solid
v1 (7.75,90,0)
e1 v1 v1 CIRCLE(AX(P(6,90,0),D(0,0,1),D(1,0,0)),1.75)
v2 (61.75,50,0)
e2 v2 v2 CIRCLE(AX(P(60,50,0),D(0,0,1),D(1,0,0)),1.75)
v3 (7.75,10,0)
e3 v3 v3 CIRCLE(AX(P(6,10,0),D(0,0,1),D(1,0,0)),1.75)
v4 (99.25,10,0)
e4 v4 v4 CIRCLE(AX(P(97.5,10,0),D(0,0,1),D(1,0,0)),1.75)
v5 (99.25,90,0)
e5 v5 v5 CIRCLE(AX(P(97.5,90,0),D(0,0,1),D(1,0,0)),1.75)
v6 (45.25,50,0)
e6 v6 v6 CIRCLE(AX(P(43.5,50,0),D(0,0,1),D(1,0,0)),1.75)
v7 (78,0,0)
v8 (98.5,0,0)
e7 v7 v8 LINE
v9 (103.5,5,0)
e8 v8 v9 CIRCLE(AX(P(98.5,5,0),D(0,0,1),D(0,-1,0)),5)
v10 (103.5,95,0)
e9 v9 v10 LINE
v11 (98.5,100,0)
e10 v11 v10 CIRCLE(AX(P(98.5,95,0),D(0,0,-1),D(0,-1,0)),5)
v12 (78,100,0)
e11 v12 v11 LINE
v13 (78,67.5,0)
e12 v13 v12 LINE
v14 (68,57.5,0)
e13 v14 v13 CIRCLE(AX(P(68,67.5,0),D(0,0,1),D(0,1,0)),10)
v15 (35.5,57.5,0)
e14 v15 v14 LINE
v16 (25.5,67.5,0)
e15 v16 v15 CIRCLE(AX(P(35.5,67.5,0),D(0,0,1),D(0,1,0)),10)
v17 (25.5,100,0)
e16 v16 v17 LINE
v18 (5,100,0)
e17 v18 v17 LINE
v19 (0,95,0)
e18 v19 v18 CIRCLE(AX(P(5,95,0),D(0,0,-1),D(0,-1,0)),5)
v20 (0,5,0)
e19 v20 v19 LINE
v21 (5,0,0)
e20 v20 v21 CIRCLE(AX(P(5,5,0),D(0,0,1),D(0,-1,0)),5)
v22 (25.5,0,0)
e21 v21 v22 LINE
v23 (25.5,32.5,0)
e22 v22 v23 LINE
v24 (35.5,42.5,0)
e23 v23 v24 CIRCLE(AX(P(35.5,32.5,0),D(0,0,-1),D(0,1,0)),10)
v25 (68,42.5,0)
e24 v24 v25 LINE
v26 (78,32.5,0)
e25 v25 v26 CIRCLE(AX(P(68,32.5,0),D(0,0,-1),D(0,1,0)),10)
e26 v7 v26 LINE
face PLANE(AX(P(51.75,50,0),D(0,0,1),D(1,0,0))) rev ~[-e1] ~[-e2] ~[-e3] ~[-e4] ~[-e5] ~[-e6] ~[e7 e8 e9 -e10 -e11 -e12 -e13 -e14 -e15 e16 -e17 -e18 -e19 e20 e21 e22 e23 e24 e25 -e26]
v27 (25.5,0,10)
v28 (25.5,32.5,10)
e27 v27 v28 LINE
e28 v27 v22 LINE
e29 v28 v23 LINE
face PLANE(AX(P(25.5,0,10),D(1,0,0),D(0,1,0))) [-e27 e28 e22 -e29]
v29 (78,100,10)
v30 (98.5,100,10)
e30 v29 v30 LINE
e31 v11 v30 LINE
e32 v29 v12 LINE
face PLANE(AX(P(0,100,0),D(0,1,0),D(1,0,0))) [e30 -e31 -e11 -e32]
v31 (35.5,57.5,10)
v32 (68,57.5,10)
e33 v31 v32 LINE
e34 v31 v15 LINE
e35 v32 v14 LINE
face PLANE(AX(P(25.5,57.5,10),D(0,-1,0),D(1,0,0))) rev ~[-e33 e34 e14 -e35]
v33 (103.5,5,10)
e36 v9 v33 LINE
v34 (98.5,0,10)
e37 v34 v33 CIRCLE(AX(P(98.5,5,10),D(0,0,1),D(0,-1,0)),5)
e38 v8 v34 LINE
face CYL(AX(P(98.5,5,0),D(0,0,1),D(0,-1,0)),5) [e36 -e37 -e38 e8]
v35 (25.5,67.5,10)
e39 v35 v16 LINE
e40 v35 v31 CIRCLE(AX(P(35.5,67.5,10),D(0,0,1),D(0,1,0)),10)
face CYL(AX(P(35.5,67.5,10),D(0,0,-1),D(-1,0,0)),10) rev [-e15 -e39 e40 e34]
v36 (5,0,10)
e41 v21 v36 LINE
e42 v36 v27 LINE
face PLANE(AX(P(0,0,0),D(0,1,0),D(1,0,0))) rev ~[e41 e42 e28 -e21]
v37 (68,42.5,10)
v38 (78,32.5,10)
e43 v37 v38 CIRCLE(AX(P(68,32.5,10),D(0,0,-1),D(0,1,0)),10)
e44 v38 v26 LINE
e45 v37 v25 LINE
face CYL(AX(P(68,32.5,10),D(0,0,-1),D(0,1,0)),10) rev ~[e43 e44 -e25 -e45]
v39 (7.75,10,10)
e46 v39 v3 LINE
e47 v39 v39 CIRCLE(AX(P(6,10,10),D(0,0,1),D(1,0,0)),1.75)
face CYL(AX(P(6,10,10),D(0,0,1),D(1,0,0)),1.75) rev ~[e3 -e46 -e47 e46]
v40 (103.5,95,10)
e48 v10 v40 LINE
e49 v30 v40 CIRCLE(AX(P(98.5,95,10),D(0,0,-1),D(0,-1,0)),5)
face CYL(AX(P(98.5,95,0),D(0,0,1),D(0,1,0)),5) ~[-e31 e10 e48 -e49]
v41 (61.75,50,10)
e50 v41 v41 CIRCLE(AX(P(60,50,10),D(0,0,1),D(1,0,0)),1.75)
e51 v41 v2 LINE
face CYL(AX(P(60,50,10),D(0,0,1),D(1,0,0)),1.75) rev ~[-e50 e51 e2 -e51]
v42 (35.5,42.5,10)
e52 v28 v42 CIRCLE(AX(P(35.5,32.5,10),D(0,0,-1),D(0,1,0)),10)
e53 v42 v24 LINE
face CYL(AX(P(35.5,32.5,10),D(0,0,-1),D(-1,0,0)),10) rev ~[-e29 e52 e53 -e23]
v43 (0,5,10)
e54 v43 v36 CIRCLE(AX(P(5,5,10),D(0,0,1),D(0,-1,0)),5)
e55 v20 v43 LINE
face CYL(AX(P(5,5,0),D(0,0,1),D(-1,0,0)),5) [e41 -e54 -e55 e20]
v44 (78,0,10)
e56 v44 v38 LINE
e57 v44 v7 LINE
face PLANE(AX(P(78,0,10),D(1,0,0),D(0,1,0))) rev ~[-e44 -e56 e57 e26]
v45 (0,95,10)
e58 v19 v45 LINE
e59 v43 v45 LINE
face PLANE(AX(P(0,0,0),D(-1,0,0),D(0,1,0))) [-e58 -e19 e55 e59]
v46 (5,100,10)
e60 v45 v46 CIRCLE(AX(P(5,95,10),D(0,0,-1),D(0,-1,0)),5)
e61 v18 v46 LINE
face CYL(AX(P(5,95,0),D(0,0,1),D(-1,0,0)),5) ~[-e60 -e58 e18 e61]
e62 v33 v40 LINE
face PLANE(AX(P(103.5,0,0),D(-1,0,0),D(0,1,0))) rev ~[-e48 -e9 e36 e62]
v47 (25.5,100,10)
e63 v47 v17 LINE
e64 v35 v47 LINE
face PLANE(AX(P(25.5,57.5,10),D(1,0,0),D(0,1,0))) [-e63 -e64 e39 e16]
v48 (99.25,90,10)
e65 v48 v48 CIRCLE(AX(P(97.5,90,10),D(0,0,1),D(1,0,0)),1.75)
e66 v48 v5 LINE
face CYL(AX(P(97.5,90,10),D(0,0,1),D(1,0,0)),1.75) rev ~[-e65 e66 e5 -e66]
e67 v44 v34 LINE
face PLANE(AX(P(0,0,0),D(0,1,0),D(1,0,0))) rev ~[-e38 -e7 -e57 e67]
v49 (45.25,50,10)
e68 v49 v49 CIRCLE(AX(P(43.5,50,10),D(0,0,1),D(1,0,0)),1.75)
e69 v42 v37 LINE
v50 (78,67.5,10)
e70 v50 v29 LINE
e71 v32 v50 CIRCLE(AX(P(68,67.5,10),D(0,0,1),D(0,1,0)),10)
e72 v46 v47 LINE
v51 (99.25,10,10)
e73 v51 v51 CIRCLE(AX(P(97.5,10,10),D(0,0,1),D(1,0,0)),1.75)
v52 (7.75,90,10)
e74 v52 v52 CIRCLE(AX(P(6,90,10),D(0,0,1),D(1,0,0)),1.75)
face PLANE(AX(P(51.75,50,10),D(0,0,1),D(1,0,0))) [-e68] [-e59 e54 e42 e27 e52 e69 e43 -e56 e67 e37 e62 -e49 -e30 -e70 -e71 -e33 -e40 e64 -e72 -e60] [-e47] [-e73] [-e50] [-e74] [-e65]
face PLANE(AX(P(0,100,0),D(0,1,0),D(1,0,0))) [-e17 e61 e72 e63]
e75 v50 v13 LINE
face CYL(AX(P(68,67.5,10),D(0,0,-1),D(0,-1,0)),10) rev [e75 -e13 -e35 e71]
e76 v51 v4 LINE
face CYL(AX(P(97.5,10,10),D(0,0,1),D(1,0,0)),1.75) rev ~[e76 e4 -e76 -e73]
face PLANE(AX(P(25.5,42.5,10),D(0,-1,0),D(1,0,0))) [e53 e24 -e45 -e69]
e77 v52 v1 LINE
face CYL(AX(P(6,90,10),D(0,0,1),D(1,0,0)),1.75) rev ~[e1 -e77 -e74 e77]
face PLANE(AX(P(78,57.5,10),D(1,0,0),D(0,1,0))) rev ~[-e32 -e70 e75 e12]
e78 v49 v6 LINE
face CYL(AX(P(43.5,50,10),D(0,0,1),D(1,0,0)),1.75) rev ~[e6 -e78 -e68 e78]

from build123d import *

# Parameters (mm, degrees)
SKETCH_W        = 103.5
SKETCH_H        = 100
PAD_DEPTH       = 10
SKETCH001_W     = 52.5
SKETCH001_H     = 42.5
POCKET_DEPTH    = 10.001
SKETCH002_R     = 1.75
POCKET001_DEPTH = 10.001
FILLET_R        = 5
FILLET001_R     = 10


with BuildPart() as part:
    # Sketch → Pad (new body)
    with BuildSketch(Plane.XY):
        with Locations((51.75, 50)):
            Rectangle(SKETCH_W, SKETCH_H)
    extrude(amount=PAD_DEPTH)

    # Sketch001 (on Face6 of Pad) → Pocket (cut, through all)
    with BuildSketch(Plane.XY.offset(10)):
        with Locations((51.75, 78.75)):
            Rectangle(SKETCH001_W, SKETCH001_H)
        with Locations((51.75, 21.25)):
            Rectangle(SKETCH001_W, SKETCH001_H)
    extrude(amount=-POCKET_DEPTH, mode=Mode.SUBTRACT)

    # Sketch002 (on Face4 of Pocket) → Pocket001 (cut, through all)
    with BuildSketch(Plane.XY.offset(10)):
        with Locations((6, 90)):
            Circle(SKETCH002_R)
        with Locations((6, 10)):
            Circle(SKETCH002_R)
        with Locations((43.5, 50)):
            Circle(SKETCH002_R)
        with Locations((97.5, 90)):
            Circle(SKETCH002_R)
        with Locations((97.5, 10)):
            Circle(SKETCH002_R)
        with Locations((60, 50)):
            Circle(SKETCH002_R)
    extrude(amount=-POCKET001_DEPTH, mode=Mode.SUBTRACT)

    # Fillet
    fillet_edges = [part.edges().sort_by_distance(p)[0] for p in [
        (0, 100, 5),
        (0, 0, 5),
        (103.5, 0, 5),
        (103.5, 100, 5),
    ]]
    fillet(fillet_edges, radius=FILLET_R)

    # Fillet001
    fillet001_edges = [part.edges().sort_by_distance(p)[0] for p in [
        (78, 57.5, 5),
        (25.5, 42.5, 5),
        (25.5, 57.5, 5),
        (78, 42.5, 5),
    ]]
    fillet(fillet001_edges, radius=FILLET001_R)


solid = part.part
